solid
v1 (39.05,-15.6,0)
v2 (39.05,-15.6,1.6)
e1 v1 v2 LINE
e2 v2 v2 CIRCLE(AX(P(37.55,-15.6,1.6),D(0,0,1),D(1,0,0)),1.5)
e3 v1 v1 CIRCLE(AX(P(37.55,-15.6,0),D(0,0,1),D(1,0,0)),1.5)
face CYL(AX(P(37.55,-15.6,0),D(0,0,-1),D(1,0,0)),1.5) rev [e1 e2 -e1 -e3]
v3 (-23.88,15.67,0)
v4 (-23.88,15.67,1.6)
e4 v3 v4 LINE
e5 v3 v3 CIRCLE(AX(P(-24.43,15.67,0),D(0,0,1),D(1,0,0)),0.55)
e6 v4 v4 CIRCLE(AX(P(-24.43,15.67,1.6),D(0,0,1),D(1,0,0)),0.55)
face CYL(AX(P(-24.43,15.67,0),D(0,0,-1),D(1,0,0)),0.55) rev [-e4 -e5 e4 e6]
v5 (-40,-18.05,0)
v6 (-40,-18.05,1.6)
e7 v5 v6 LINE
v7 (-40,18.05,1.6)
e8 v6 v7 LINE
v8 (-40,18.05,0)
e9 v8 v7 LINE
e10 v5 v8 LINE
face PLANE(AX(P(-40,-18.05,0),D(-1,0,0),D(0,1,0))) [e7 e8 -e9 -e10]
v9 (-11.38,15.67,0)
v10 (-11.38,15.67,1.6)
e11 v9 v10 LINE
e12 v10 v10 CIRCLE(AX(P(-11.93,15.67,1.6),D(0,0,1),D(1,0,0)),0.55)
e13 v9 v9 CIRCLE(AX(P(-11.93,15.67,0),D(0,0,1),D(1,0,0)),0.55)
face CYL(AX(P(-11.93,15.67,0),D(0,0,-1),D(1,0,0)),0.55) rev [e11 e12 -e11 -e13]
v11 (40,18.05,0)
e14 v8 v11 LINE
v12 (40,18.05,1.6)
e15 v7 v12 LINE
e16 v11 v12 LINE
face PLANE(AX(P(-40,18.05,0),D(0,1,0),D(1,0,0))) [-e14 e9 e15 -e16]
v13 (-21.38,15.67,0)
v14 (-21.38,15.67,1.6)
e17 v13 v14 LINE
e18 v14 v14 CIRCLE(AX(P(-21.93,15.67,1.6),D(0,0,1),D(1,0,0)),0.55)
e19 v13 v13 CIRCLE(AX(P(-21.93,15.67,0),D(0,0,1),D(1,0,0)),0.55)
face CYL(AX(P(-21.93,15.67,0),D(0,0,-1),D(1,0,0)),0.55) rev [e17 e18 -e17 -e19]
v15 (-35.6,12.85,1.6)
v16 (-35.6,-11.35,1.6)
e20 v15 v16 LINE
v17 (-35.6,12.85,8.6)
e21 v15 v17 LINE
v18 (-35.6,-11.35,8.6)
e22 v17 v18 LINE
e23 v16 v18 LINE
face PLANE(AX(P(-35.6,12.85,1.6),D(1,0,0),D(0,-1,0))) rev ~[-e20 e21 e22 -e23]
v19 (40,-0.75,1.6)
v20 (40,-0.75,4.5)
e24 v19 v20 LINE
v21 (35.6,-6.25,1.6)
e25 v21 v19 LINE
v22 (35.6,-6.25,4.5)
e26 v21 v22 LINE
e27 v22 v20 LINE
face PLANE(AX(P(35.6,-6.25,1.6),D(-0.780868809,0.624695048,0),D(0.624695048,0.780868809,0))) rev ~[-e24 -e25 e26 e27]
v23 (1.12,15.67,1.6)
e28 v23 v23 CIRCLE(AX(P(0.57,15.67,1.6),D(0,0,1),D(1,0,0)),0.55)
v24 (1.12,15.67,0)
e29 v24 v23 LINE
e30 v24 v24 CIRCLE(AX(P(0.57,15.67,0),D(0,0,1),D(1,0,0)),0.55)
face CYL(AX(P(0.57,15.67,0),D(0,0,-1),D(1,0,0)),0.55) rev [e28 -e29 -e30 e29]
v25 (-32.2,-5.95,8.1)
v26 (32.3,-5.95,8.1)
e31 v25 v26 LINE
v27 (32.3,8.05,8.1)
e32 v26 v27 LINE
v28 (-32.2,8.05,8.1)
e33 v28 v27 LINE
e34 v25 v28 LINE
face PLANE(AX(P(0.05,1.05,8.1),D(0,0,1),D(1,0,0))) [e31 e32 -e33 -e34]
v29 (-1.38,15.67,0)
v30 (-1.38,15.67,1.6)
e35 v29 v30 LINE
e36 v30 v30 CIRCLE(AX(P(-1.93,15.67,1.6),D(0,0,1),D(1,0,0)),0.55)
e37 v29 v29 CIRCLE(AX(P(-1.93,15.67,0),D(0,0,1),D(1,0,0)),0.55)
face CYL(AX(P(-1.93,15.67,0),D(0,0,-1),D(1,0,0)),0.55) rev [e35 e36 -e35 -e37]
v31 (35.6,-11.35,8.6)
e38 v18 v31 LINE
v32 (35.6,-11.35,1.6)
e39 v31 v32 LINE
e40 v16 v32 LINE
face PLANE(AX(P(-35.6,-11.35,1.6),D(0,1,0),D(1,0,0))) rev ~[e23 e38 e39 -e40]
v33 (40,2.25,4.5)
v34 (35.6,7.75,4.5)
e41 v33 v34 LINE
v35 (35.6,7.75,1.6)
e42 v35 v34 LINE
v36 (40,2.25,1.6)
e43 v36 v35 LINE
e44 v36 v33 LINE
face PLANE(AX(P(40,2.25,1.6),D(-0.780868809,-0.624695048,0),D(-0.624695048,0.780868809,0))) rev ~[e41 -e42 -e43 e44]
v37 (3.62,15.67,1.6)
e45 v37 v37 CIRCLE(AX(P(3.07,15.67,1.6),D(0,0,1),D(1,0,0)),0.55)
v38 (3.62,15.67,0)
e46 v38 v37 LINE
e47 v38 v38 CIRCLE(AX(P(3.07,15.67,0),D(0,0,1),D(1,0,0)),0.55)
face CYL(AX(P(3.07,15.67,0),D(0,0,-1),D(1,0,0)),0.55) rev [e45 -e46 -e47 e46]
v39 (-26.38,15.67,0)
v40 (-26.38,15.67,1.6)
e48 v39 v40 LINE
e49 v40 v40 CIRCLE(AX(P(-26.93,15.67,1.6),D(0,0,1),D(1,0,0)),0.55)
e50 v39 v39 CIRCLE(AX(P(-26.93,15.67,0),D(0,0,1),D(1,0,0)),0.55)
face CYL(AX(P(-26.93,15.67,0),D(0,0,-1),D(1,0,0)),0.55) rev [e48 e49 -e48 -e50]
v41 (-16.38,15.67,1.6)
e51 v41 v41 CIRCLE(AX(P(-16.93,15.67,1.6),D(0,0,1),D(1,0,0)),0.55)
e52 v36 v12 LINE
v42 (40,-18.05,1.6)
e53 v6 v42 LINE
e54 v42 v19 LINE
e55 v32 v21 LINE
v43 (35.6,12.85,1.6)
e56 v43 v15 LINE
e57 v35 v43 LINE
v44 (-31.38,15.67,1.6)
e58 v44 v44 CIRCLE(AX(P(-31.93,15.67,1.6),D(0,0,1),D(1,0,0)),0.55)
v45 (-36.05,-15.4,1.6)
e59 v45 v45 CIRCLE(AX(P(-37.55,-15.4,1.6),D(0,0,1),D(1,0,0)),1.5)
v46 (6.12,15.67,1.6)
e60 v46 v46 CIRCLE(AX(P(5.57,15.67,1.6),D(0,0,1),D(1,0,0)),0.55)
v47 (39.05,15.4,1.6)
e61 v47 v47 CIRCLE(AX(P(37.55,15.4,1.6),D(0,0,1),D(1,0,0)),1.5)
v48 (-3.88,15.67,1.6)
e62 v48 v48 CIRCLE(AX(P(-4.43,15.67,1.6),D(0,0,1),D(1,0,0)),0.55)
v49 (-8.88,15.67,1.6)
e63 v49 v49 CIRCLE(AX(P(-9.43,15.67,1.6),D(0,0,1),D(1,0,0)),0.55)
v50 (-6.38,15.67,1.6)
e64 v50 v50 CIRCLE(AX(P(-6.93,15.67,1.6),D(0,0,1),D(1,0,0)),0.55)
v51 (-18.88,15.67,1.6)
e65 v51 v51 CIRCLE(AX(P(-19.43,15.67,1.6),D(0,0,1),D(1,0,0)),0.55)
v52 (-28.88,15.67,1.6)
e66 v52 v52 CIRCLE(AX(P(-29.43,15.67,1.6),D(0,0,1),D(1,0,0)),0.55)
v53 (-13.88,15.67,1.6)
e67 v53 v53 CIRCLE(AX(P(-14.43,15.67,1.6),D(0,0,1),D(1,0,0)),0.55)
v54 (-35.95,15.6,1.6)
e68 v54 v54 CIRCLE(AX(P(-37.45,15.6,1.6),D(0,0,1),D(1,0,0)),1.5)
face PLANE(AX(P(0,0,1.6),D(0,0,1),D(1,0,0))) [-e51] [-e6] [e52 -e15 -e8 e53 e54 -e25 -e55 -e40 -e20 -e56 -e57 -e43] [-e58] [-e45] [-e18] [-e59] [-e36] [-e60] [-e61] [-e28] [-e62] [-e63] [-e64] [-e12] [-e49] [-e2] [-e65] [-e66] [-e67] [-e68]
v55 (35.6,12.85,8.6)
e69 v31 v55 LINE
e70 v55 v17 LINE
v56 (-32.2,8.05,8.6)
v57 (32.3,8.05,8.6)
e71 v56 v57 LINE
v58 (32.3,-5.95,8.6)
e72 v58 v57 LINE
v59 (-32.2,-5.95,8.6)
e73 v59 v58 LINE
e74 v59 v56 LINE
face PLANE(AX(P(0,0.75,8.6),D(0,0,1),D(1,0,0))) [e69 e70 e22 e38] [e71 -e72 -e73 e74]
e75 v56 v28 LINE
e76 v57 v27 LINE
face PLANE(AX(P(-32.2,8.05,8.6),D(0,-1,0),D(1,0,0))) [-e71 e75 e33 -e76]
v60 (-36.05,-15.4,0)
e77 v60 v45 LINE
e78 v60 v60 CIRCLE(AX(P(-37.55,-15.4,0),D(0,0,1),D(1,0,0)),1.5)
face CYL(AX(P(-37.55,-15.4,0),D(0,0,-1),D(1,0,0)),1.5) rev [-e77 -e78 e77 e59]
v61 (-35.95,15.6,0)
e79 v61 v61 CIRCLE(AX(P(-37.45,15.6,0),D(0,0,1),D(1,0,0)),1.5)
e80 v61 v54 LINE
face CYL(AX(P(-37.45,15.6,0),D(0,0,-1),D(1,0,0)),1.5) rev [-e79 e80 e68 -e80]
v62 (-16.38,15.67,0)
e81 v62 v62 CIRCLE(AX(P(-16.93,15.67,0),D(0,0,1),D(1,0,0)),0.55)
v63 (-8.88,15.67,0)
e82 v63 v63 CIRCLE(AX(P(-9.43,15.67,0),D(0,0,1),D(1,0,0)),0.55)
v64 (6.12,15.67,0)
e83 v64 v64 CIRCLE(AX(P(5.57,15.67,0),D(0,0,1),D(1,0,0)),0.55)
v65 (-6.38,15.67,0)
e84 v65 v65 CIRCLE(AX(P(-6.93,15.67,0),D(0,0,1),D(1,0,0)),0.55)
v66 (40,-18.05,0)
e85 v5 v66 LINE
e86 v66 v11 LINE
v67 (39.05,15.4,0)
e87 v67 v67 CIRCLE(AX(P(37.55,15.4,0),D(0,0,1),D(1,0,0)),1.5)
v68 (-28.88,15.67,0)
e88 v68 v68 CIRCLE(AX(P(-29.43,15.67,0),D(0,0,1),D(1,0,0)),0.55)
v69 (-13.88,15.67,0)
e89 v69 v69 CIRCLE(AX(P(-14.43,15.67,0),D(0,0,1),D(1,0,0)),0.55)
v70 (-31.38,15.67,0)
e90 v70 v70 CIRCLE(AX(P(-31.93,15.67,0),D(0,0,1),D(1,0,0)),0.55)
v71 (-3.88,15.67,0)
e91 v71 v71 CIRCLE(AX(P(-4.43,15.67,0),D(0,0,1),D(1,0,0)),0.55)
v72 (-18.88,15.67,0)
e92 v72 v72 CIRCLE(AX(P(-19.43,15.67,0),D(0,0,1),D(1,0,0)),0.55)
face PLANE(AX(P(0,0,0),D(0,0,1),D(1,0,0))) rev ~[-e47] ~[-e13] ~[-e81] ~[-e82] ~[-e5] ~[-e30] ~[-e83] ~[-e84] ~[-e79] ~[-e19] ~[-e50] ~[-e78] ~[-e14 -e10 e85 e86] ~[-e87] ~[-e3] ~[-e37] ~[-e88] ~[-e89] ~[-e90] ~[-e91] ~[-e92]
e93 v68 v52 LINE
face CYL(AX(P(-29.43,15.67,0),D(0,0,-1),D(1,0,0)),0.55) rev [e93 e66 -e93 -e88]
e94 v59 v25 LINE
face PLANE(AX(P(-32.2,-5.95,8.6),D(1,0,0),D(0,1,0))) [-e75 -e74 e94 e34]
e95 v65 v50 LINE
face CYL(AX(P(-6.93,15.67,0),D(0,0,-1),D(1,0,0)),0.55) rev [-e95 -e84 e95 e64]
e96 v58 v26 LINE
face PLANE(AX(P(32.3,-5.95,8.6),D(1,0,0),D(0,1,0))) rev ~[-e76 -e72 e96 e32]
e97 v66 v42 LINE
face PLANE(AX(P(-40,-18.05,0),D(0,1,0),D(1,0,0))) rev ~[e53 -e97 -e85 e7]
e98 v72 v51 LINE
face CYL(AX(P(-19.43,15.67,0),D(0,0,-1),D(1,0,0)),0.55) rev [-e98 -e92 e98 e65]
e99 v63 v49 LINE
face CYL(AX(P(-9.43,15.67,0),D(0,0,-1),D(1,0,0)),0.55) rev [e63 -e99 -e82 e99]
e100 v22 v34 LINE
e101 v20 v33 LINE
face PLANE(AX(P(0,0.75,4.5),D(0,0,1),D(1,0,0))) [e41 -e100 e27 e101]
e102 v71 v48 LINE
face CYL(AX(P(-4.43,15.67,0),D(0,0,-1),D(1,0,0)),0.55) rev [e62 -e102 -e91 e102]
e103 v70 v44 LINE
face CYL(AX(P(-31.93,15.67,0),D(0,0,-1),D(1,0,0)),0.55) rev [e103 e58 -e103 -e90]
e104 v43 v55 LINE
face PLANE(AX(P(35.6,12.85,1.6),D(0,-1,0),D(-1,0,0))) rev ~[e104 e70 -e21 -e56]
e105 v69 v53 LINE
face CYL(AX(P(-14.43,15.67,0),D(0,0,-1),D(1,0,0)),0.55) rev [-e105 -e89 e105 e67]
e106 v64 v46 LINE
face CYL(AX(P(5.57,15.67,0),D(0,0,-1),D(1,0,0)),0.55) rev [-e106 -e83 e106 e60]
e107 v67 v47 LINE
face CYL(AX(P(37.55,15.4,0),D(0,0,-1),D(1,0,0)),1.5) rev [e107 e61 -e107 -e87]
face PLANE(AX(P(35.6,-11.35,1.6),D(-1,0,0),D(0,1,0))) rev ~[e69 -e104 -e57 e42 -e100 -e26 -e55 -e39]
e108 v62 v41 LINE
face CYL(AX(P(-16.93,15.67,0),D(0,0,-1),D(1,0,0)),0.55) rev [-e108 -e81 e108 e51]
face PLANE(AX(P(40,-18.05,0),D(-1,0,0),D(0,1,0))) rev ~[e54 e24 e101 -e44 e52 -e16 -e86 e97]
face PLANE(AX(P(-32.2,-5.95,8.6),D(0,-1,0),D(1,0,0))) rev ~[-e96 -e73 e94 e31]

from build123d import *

# Parameters (mm, degrees)
F0_W     = 80
F0_H     = 36.1
F0_R     = 1.5
F0_R_2   = 0.55
F1_DEPTH = 1.6
F3_DEPTH = 7
F4_DEPTH = 2.9
F5_W     = 64.5
F5_H     = 14
F6_DEPTH = 0.5


with BuildPart() as f1:
    # F0 (on Top) → F1 (new body)
    with BuildSketch(Plane.XY):
        Rectangle(F0_W, F0_H)
        with Locations((-37.55, -15.4)):
            Circle(F0_R, mode=Mode.SUBTRACT)
        with Locations((37.55, -15.6)):
            Circle(F0_R, mode=Mode.SUBTRACT)
        with Locations((-37.45, 15.6)):
            Circle(F0_R, mode=Mode.SUBTRACT)
        with Locations((-31.93, 15.67)):
            Circle(F0_R_2, mode=Mode.SUBTRACT)
        with Locations((-29.43, 15.67)):
            Circle(F0_R_2, mode=Mode.SUBTRACT)
        with Locations((-26.93, 15.67)):
            Circle(F0_R_2, mode=Mode.SUBTRACT)
        with Locations((-24.43, 15.67)):
            Circle(F0_R_2, mode=Mode.SUBTRACT)
        with Locations((-21.93, 15.67)):
            Circle(F0_R_2, mode=Mode.SUBTRACT)
        with Locations((-19.43, 15.67)):
            Circle(F0_R_2, mode=Mode.SUBTRACT)
        with Locations((-16.93, 15.67)):
            Circle(F0_R_2, mode=Mode.SUBTRACT)
        with Locations((-14.43, 15.67)):
            Circle(F0_R_2, mode=Mode.SUBTRACT)
        with Locations((-11.93, 15.67)):
            Circle(F0_R_2, mode=Mode.SUBTRACT)
        with Locations((-9.43, 15.67)):
            Circle(F0_R_2, mode=Mode.SUBTRACT)
        with Locations((-6.93, 15.67)):
            Circle(F0_R_2, mode=Mode.SUBTRACT)
        with Locations((-4.43, 15.67)):
            Circle(F0_R_2, mode=Mode.SUBTRACT)
        with Locations((-1.93, 15.67)):
            Circle(F0_R_2, mode=Mode.SUBTRACT)
        with Locations((0.57, 15.67)):
            Circle(F0_R_2, mode=Mode.SUBTRACT)
        with Locations((3.07, 15.67)):
            Circle(F0_R_2, mode=Mode.SUBTRACT)
        with Locations((5.57, 15.67)):
            Circle(F0_R_2, mode=Mode.SUBTRACT)
        with Locations((37.55, 15.4)):
            Circle(F0_R, mode=Mode.SUBTRACT)
    extrude(amount=F1_DEPTH)

    # F2 (on face) → F3 (join)
    with BuildSketch(Plane.XY.offset(1.6)):
        Polygon((-35.6, 12.85), (-35.6, -11.35), (35.6, -11.35), (35.6, -6.25), (35.6, 7.75), (35.6, 12.85), align=None)
    extrude(amount=F3_DEPTH)

    # F2 (on face) → F4 (join)
    with BuildSketch(Plane.XY.offset(1.6)):
        Polygon((-35.6, 12.85), (-35.6, -11.35), (35.6, -11.35), (35.6, -6.25), (35.6, 7.75), (35.6, 12.85), align=None)
        Polygon((35.6, 7.75), (35.6, -6.25), (40, -0.75), (40, 2.25), align=None)
    extrude(amount=F4_DEPTH)

    # F5 (on face) → F6 (cut)
    with BuildSketch(Plane.XY.offset(8.6)):
        with Locations((0.05, 1.05)):
            Rectangle(F5_W, F5_H)
    extrude(amount=-F6_DEPTH, mode=Mode.SUBTRACT)


solid = f1.part
